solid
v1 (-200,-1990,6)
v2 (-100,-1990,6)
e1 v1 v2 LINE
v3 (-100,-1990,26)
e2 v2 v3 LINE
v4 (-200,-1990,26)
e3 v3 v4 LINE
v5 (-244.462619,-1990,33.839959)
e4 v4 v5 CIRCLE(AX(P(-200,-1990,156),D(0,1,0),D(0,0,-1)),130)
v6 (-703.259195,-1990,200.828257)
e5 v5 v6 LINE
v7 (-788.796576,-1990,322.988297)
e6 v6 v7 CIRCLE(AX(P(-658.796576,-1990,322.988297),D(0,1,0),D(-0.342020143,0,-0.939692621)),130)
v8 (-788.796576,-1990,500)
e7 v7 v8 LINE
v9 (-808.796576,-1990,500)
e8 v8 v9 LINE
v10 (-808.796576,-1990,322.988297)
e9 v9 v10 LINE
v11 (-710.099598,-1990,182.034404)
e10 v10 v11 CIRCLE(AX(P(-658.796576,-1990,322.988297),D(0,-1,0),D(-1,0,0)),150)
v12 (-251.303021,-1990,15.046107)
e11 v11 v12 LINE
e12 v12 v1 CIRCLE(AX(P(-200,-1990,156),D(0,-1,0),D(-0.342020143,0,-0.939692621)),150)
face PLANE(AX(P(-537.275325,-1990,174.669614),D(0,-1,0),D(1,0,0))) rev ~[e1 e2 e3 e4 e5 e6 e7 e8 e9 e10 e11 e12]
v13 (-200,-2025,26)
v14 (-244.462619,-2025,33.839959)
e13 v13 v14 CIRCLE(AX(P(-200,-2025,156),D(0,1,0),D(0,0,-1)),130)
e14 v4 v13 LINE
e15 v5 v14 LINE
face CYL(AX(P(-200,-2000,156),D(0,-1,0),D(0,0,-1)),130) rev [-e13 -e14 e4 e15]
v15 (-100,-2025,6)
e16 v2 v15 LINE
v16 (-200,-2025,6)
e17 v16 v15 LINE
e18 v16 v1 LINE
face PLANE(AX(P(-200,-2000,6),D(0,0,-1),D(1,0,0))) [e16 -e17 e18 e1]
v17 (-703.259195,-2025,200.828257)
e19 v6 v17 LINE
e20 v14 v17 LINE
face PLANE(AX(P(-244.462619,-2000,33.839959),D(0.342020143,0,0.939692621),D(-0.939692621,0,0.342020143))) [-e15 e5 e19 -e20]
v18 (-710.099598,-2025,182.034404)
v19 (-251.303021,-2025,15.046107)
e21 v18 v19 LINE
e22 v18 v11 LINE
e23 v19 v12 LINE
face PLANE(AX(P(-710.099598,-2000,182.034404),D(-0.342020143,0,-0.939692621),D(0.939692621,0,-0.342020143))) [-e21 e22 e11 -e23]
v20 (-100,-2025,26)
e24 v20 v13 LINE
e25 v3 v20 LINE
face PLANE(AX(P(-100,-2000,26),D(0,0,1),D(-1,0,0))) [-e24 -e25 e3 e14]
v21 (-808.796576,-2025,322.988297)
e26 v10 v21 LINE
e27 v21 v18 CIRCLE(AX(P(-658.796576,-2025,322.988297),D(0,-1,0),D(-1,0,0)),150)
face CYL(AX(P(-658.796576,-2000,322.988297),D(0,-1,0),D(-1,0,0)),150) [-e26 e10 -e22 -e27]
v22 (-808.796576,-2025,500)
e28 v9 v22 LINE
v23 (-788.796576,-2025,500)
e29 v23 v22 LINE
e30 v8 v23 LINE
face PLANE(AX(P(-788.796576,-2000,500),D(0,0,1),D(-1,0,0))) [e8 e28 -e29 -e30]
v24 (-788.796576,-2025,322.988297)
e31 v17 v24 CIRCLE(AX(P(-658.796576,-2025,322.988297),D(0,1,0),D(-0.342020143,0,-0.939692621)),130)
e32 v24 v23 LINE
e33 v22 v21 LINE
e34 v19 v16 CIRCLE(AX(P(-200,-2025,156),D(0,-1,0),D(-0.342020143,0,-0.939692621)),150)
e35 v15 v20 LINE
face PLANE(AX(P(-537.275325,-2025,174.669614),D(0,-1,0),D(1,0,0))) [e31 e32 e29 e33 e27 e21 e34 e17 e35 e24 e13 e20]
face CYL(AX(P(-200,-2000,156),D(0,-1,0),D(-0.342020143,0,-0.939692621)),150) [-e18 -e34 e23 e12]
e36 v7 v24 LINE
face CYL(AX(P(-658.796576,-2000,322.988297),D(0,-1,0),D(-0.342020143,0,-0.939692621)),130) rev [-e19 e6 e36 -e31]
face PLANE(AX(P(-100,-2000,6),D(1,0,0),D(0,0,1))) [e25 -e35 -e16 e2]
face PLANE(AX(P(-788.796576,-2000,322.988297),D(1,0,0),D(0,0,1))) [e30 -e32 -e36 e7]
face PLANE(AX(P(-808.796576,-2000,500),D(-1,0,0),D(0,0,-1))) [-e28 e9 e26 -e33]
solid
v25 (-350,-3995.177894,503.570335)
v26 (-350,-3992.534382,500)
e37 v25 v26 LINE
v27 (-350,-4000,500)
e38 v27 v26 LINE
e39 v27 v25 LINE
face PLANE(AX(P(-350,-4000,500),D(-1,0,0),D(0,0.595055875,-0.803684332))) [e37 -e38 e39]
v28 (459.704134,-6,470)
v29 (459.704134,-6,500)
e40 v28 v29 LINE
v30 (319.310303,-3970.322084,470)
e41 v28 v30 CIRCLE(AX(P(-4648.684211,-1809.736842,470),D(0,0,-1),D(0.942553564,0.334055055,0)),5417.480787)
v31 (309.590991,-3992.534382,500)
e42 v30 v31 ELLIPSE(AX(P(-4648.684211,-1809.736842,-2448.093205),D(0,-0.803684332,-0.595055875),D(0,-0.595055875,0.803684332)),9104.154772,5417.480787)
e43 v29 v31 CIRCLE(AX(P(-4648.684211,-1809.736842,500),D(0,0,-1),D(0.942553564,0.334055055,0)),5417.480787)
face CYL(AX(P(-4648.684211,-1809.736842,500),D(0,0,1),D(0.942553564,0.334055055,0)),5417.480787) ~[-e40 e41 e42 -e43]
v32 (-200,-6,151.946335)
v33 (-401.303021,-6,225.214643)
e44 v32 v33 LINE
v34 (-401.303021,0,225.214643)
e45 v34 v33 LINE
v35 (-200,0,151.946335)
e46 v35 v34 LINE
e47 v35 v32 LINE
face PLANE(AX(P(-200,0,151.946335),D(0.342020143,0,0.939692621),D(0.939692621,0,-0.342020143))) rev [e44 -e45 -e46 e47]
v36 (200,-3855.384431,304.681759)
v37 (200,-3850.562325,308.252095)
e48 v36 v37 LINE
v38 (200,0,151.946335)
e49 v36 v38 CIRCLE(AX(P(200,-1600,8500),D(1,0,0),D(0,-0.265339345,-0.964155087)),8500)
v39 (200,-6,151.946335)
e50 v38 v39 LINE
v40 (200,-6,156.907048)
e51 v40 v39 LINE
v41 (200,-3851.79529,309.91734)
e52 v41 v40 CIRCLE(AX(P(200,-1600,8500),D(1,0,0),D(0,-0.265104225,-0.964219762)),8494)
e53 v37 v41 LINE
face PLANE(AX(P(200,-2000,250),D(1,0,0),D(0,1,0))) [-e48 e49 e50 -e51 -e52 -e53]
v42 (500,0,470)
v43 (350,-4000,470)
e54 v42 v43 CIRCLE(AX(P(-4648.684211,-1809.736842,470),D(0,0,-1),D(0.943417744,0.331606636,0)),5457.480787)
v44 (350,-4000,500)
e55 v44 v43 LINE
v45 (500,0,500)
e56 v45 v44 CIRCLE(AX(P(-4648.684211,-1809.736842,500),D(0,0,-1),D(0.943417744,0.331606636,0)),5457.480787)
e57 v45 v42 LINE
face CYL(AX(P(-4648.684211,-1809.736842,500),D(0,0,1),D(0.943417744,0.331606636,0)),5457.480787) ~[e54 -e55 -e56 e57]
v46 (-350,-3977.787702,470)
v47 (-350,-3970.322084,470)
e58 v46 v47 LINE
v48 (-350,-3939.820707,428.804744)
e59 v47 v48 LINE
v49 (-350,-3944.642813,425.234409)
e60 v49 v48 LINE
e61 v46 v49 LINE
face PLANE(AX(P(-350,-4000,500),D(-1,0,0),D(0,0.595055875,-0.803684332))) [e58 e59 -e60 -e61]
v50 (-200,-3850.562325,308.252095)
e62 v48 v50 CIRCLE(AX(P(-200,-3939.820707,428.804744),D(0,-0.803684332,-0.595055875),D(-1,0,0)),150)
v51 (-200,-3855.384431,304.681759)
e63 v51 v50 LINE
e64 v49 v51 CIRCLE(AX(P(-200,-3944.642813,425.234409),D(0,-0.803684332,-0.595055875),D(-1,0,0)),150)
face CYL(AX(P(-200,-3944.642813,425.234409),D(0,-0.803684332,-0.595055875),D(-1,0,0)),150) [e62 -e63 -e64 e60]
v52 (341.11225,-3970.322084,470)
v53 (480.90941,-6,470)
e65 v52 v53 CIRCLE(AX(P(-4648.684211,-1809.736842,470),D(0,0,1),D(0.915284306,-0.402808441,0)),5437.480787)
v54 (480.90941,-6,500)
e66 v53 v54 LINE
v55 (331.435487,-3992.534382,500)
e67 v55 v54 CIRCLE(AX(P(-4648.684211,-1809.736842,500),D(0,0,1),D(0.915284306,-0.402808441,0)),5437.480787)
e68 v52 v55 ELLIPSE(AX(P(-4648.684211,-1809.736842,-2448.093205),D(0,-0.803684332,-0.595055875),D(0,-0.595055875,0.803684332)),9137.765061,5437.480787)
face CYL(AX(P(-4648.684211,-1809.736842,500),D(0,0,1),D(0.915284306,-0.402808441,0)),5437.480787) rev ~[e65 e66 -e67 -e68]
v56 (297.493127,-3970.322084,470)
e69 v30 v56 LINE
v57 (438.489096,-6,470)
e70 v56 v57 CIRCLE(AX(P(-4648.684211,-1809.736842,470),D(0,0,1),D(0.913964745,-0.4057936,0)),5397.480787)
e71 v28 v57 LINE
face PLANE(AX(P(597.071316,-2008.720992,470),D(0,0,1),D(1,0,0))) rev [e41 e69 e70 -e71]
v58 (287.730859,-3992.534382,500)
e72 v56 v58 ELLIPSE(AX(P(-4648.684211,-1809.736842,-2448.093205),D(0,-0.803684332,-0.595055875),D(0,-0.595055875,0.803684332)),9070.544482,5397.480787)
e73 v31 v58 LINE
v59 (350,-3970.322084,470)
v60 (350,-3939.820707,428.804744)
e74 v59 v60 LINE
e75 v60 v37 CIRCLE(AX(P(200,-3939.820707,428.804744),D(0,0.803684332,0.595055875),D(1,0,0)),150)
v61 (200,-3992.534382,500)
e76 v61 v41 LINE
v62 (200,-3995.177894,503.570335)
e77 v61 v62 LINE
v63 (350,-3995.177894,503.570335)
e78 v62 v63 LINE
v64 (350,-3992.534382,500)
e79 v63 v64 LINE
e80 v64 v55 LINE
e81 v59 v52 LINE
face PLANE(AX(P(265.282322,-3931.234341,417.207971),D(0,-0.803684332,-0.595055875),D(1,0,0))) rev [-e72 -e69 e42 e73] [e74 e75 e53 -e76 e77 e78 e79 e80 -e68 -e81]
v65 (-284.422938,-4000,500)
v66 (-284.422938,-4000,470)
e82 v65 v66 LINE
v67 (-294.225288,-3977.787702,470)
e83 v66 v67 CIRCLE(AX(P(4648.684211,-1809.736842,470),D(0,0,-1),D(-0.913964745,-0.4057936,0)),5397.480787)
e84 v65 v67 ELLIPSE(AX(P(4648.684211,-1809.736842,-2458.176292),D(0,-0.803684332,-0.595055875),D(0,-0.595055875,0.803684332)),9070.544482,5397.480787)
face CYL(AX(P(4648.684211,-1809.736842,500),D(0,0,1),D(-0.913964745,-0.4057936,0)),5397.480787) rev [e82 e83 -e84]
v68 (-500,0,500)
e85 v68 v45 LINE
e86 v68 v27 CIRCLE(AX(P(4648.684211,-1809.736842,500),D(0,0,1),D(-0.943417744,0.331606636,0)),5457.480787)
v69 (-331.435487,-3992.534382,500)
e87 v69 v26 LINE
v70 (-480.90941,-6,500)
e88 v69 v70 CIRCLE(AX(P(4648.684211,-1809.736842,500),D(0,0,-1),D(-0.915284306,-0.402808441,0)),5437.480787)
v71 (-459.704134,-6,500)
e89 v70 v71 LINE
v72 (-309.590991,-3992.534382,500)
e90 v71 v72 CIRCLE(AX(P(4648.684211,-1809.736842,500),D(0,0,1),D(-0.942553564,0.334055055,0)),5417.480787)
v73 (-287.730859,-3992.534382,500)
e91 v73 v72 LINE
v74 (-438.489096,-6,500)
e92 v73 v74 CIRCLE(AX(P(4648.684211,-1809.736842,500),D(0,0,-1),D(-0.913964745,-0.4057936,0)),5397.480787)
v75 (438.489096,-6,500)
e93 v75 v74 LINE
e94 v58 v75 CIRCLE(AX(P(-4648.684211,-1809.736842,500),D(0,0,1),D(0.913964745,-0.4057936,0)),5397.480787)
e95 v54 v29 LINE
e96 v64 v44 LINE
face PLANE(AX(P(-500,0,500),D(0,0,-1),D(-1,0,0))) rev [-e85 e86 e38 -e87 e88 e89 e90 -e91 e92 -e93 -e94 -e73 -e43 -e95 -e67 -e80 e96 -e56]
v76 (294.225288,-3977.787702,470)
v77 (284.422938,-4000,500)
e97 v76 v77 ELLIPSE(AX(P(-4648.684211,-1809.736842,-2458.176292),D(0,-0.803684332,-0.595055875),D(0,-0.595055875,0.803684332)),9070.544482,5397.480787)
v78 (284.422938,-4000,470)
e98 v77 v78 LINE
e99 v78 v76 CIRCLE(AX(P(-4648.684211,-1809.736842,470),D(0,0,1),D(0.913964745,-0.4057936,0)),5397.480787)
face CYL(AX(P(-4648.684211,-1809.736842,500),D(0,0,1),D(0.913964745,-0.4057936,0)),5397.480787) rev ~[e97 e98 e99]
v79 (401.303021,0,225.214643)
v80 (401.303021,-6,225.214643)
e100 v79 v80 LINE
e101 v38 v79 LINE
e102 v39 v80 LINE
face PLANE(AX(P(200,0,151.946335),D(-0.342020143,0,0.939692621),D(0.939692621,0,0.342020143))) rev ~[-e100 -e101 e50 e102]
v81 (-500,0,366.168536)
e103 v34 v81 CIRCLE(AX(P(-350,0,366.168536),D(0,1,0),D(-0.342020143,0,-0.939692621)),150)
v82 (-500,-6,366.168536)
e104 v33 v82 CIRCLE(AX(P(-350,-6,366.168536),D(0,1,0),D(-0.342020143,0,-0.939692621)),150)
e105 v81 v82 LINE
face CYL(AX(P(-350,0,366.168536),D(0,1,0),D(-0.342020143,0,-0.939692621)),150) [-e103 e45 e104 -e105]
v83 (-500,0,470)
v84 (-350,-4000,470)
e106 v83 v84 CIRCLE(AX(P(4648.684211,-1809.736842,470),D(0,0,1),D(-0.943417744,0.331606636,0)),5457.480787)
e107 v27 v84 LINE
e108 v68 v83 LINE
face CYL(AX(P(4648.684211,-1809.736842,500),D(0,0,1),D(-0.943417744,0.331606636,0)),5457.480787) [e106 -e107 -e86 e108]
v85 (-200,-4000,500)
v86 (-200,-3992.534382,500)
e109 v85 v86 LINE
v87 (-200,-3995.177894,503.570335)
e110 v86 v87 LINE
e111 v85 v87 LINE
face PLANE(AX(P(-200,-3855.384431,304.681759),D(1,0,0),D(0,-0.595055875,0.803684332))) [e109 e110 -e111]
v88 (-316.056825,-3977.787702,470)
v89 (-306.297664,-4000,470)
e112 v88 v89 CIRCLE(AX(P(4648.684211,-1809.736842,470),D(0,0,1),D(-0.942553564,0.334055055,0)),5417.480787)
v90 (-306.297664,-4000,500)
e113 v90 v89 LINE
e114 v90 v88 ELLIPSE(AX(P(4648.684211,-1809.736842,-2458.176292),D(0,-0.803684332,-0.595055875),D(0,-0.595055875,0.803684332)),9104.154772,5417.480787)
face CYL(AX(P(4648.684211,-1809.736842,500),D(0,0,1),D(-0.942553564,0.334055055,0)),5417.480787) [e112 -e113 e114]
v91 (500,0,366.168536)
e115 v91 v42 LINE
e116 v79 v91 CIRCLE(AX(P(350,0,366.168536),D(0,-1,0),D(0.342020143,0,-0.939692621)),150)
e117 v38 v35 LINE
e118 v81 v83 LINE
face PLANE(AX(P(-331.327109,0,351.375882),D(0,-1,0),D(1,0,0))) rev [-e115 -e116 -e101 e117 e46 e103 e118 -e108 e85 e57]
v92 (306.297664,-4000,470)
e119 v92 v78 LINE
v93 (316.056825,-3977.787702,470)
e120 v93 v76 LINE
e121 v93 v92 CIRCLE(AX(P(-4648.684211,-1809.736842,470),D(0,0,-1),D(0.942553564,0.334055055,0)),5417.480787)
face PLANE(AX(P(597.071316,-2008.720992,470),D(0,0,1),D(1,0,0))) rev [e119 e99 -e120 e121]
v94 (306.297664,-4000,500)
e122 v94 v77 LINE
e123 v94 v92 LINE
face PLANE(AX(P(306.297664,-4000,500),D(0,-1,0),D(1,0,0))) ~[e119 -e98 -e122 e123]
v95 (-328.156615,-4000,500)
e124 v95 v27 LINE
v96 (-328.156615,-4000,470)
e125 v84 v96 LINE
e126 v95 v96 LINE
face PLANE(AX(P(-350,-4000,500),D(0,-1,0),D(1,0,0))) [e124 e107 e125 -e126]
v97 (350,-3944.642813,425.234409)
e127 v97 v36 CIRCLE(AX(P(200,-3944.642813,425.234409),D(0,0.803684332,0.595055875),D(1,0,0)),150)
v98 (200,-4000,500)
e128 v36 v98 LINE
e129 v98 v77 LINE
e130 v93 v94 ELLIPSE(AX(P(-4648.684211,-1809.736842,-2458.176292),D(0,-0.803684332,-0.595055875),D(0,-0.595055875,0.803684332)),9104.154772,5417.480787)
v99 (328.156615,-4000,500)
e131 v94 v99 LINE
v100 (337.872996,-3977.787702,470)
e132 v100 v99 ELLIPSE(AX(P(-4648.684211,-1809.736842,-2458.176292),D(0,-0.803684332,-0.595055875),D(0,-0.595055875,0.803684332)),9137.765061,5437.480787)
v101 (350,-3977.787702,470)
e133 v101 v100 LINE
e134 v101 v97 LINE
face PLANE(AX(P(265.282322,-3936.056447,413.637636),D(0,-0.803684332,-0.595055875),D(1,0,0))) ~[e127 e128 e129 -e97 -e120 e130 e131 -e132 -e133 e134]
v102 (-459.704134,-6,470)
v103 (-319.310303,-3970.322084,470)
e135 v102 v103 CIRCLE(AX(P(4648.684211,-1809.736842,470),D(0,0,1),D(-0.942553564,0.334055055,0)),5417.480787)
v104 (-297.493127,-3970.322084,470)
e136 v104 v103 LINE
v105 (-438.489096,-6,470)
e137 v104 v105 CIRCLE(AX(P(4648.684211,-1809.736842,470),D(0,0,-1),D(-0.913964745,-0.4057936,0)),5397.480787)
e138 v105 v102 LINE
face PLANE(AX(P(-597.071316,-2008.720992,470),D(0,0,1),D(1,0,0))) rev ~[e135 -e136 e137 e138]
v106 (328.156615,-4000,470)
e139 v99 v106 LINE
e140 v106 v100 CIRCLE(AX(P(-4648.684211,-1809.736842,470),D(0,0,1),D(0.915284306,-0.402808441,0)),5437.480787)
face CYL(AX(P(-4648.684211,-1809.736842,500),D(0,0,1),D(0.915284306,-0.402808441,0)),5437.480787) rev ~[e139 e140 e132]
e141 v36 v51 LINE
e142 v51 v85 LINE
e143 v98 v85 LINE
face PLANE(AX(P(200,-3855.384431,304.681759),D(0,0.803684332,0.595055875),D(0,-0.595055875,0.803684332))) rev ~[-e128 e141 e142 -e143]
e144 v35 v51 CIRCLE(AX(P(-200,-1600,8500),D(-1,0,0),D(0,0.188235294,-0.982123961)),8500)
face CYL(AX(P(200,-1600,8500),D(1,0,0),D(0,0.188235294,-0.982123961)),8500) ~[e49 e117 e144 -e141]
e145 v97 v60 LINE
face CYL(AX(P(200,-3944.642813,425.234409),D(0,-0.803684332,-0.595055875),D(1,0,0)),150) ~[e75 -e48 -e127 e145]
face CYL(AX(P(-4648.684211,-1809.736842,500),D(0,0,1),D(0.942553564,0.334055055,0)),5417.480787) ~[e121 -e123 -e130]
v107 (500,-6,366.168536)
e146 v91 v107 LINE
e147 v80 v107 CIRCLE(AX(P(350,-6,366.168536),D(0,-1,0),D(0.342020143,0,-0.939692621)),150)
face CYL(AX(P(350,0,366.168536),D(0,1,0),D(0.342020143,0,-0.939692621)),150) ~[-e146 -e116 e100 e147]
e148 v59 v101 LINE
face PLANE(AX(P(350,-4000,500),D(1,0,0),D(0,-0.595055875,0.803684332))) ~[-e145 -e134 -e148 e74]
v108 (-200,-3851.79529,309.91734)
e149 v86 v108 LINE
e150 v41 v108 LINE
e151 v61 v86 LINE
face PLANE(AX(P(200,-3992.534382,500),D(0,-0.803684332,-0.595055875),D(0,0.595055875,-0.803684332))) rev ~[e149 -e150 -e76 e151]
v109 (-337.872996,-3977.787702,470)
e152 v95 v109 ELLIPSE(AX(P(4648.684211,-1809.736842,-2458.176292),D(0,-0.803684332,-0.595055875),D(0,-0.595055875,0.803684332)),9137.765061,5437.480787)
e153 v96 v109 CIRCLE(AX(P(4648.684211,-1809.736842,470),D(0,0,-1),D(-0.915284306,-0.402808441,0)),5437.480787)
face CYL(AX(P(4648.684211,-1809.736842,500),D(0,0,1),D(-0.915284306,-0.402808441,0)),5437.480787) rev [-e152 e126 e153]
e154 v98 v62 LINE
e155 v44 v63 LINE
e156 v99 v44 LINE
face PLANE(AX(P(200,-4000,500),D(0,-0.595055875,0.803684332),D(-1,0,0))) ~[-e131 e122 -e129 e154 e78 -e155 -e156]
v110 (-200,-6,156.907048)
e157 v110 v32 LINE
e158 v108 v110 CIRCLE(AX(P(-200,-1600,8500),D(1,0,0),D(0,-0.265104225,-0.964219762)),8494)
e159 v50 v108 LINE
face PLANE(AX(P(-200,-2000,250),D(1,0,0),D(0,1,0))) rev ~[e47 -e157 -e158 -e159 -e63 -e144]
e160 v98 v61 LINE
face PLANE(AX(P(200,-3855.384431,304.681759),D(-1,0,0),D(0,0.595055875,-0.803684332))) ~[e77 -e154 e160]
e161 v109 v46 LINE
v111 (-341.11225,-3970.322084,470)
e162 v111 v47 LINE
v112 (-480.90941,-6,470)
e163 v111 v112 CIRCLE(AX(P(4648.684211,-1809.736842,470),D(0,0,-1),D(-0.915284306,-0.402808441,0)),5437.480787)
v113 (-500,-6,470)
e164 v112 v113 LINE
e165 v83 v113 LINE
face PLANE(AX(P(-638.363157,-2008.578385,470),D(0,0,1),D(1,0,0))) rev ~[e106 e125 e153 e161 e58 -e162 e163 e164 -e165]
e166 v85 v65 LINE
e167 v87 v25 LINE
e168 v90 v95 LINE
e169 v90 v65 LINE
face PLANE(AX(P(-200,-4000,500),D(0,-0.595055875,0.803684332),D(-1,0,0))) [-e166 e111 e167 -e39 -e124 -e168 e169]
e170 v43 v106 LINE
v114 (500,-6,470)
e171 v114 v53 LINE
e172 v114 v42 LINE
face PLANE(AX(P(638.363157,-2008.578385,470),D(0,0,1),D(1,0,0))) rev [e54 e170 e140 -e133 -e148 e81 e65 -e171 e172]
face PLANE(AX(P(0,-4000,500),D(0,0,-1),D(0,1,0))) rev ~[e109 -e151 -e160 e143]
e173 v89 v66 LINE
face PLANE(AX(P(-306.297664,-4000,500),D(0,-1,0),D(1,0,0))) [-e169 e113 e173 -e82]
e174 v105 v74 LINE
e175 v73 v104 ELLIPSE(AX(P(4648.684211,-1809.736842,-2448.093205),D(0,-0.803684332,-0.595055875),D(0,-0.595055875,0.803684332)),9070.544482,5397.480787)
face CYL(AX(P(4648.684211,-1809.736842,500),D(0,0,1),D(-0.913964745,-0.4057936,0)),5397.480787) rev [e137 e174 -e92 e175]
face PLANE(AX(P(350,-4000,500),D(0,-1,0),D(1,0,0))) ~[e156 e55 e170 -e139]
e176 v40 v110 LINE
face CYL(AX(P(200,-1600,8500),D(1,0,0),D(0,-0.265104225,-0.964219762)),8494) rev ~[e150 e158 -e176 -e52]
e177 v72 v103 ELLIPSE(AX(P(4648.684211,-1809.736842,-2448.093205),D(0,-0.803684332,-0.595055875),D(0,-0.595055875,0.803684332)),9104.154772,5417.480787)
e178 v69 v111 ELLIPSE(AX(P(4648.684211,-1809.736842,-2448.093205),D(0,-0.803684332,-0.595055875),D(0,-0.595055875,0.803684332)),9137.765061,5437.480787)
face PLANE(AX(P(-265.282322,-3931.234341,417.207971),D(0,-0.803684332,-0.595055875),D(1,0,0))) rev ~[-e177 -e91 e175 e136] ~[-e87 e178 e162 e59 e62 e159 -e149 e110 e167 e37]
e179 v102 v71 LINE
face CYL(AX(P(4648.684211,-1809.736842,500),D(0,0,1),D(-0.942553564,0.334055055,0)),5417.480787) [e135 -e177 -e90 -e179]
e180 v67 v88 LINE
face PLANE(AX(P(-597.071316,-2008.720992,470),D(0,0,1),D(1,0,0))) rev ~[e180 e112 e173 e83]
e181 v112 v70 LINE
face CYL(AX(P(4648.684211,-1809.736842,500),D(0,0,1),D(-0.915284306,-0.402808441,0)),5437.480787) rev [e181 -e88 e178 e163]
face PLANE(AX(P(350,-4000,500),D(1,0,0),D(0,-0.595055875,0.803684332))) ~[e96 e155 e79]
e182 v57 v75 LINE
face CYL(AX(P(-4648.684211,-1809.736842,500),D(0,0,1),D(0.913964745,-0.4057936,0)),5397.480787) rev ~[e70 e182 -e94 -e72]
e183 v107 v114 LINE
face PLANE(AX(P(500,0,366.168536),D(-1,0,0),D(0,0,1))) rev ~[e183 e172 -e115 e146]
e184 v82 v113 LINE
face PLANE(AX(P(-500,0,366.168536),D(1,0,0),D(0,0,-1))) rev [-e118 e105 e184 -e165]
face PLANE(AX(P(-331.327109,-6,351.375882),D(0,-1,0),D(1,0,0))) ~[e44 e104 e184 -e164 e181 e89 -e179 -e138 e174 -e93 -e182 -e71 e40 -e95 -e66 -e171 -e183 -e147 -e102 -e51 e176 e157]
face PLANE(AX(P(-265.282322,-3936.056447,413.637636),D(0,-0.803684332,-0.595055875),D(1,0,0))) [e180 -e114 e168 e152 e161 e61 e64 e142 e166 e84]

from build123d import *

# Parameters (mm, degrees)
F0_W           = 4000
F0_H           = 500
F1_DEPTH       = 200
F1_DEPTH_BACK  = 200
F3_DEPTH       = 400.001
F5_DEPTH       = 400.001
F26_DEPTH      = 6
F29_DEPTH      = 30
F32_DEPTH      = 6
F35_DEPTH      = 25
F35_DEPTH_BACK = 10


with BuildPart() as f1:
    # F0 (on Right) → F1 (new body, two sides)
    with BuildSketch(Plane.YZ) as f1_sk:
        with Locations((-2000, 250)):
            Rectangle(F0_W, F0_H)
    extrude(amount=F1_DEPTH)
    extrude(f1_sk.sketch, amount=-F1_DEPTH_BACK)

    # F2 (on face) → F3 (cut, through all)
    with BuildSketch(Plane.YZ.offset(200)):
        with BuildLine():
            Line((-4000, 0), (-1600.0000000026, 0))
            ThreePointArc((-1600.0000000026, 0), (-2737.9356206878, 76.5148232356), (-3855.3844312859, 304.6817592535))
            Line((-3855.3844312859, 304.6817592535), (-4000, 500))
            Line((-4000, 500), (-4000, 0))
        make_face()
        with BuildLine():
            Line((-1600.0000000026, 0), (0, 0))
            Line((0, 0), (0, 151.9463346239))
            ThreePointArc((0, 151.9463346239), (-796.400645751, 38.0718463313), (-1600.0000000026, 0))
        make_face()
    extrude(amount=-F3_DEPTH, mode=Mode.SUBTRACT)

    # F4 (on face) → F5 (cut, through all)
    with BuildSketch(Plane.YZ.offset(200)):
        with BuildLine():
            Line((-3992.5343822664, 500), (-3851.7952898551, 309.9173403081))
            ThreePointArc((-3851.7952898551, 309.9173403081), (-1937.6783946313, 12.7148450285), (-6, 156.9070483423))
            Line((-6, 156.9070483423), (-6, 500))
            Line((-6, 500), (-3992.5343822664, 500))
        make_face()
    extrude(amount=-F5_DEPTH, mode=Mode.SUBTRACT)

    # F27: F26 across plane


with BuildPart() as f26:
    # F25 (on face) → F26 (new body)
    with BuildSketch(Plane(origin=(0, -2344.5154791668, -1735.9025868895), x_dir=(1, 0, 0), z_dir=(0, -0.8036843318, -0.5950558753))):
        with BuildLine():
            ThreePointArc((-350, 2689.0371135927), (-306.066017178, 2582.9710964148), (-200, 2539.0371135927))
            Line((-200, 2539.0371135927), (-200, 2782.0656672296))
            Line((-200, 2782.0656672296), (-350, 2782.0656672296))
            Line((-350, 2782.0656672296), (-350, 2689.0371135927))
        make_face()
    extrude(amount=-F26_DEPTH)


with BuildPart() as f1_1:
    add(f1.part)
    add(f26.part.mirror(Plane.YZ))

    # F30: F29b, F29 across plane


with BuildPart() as f29:
    # F28 (on offset) → F29 (new body)
    with BuildSketch(Plane.XY.offset(500)):
        with BuildLine():
            ThreePointArc((-284.4229383362, -4000), (-744.9071467691, -2014.6053694553), (-436.3577170606, 0))
            Line((-436.3577170606, 0), (-457.5816106766, 0))
            ThreePointArc((-457.5816106766, 0), (-764.926072552, -2014.4849248984), (-306.2976636714, -4000))
            Line((-306.2976636714, -4000), (-284.4229383362, -4000))
        make_face()
    extrude(amount=-F29_DEPTH)


with BuildPart() as f29b:
    # F28 (on offset) → F29, piece 2 (new body)
    with BuildSketch(Plane.XY.offset(500)):
        with BuildLine():
            Line((-478.7956644468, 0), (-500, 0))
            ThreePointArc((-500, 0), (-804.9633274196, -2014.2486247782), (-350, -4000))
            Line((-350, -4000), (-328.1566152482, -4000))
            ThreePointArc((-328.1566152482, -4000), (-702.1165903, -2776.7570568907), (-779.967592138, -1500))
            ThreePointArc((-779.967592138, -1500), (-682.4018888445, -739.3545239486), (-478.7956644468, 0))
        make_face()
    extrude(amount=-F29_DEPTH)


with BuildPart() as f1_2:
    add(f1_1.part)
    add(f29b.part.mirror(Plane.YZ))
    add(f29.part.mirror(Plane.YZ))



with BuildPart() as f32:
    # F31 (on Front) → F32 (new body)
    with BuildSketch(Plane.XZ):
        with BuildLine():
            Line((200, 500), (200, 151.9463346239))
            Line((200, 151.9463346239), (401.3030214989, 225.2146425173))
            ThreePointArc((401.3030214989, 225.2146425173), (472.8728066433, 280.1320701825), (500, 366.1685356352))
            Line((500, 366.1685356352), (500, 470))
            Line((500, 470), (500, 500))
            Line((500, 500), (200, 500))
        make_face()
    extrude(amount=F32_DEPTH)


with BuildPart() as f1_3:
    add(f1_2.part)

    add(f26.part)  # F33 merges F26

    add(f29.part)  # F33 merges F29

    add(f29b.part)  # F33 merges F29b

    add(f32.part)  # F33 merges F32
    # F33: F32 across plane
    add(f32.part.mirror(Plane.YZ))


with BuildPart() as f35:
    # F34 (on offset) → F35 (new body, two sides)
    with BuildSketch(Plane.XZ.offset(2000)) as f35_sk:
        with BuildLine():
            Line((-200, 6), (-100, 6))
            Line((-100, 6), (-100, 26))
            Line((-100, 26), (-200, 26))
            ThreePointArc((-200, 26), (-222.5742630967, 27.9749921084), (-244.4626186323, 33.8399592978))
            Line((-244.4626186323, 33.8399592978), (-703.259194824, 200.8282566149))
            ThreePointArc((-703.259194824, 200.8282566149), (-765.2863419493, 248.4233605914), (-788.7965761917, 322.988297317))
            Line((-788.7965761917, 322.988297317), (-788.7965761917, 500))
            Line((-788.7965761917, 500), (-808.7965761917, 500))
            Line((-808.7965761917, 500), (-808.7965761917, 470))
            Line((-808.7965761917, 470), (-808.7965761917, 322.988297317))
            ThreePointArc((-808.7965761917, 322.988297317), (-781.669382835, 236.9518318644), (-710.0995976905, 182.0344041991))
            Line((-710.0995976905, 182.0344041991), (-251.3030214989, 15.0461068821))
            ThreePointArc((-251.3030214989, 15.0461068821), (-226.04722665, 8.2788370482), (-200, 6))
        make_face()
    extrude(amount=F35_DEPTH)
    extrude(f35_sk.sketch, amount=-F35_DEPTH_BACK)


solid = Compound([f1_3.part, f35.part])
